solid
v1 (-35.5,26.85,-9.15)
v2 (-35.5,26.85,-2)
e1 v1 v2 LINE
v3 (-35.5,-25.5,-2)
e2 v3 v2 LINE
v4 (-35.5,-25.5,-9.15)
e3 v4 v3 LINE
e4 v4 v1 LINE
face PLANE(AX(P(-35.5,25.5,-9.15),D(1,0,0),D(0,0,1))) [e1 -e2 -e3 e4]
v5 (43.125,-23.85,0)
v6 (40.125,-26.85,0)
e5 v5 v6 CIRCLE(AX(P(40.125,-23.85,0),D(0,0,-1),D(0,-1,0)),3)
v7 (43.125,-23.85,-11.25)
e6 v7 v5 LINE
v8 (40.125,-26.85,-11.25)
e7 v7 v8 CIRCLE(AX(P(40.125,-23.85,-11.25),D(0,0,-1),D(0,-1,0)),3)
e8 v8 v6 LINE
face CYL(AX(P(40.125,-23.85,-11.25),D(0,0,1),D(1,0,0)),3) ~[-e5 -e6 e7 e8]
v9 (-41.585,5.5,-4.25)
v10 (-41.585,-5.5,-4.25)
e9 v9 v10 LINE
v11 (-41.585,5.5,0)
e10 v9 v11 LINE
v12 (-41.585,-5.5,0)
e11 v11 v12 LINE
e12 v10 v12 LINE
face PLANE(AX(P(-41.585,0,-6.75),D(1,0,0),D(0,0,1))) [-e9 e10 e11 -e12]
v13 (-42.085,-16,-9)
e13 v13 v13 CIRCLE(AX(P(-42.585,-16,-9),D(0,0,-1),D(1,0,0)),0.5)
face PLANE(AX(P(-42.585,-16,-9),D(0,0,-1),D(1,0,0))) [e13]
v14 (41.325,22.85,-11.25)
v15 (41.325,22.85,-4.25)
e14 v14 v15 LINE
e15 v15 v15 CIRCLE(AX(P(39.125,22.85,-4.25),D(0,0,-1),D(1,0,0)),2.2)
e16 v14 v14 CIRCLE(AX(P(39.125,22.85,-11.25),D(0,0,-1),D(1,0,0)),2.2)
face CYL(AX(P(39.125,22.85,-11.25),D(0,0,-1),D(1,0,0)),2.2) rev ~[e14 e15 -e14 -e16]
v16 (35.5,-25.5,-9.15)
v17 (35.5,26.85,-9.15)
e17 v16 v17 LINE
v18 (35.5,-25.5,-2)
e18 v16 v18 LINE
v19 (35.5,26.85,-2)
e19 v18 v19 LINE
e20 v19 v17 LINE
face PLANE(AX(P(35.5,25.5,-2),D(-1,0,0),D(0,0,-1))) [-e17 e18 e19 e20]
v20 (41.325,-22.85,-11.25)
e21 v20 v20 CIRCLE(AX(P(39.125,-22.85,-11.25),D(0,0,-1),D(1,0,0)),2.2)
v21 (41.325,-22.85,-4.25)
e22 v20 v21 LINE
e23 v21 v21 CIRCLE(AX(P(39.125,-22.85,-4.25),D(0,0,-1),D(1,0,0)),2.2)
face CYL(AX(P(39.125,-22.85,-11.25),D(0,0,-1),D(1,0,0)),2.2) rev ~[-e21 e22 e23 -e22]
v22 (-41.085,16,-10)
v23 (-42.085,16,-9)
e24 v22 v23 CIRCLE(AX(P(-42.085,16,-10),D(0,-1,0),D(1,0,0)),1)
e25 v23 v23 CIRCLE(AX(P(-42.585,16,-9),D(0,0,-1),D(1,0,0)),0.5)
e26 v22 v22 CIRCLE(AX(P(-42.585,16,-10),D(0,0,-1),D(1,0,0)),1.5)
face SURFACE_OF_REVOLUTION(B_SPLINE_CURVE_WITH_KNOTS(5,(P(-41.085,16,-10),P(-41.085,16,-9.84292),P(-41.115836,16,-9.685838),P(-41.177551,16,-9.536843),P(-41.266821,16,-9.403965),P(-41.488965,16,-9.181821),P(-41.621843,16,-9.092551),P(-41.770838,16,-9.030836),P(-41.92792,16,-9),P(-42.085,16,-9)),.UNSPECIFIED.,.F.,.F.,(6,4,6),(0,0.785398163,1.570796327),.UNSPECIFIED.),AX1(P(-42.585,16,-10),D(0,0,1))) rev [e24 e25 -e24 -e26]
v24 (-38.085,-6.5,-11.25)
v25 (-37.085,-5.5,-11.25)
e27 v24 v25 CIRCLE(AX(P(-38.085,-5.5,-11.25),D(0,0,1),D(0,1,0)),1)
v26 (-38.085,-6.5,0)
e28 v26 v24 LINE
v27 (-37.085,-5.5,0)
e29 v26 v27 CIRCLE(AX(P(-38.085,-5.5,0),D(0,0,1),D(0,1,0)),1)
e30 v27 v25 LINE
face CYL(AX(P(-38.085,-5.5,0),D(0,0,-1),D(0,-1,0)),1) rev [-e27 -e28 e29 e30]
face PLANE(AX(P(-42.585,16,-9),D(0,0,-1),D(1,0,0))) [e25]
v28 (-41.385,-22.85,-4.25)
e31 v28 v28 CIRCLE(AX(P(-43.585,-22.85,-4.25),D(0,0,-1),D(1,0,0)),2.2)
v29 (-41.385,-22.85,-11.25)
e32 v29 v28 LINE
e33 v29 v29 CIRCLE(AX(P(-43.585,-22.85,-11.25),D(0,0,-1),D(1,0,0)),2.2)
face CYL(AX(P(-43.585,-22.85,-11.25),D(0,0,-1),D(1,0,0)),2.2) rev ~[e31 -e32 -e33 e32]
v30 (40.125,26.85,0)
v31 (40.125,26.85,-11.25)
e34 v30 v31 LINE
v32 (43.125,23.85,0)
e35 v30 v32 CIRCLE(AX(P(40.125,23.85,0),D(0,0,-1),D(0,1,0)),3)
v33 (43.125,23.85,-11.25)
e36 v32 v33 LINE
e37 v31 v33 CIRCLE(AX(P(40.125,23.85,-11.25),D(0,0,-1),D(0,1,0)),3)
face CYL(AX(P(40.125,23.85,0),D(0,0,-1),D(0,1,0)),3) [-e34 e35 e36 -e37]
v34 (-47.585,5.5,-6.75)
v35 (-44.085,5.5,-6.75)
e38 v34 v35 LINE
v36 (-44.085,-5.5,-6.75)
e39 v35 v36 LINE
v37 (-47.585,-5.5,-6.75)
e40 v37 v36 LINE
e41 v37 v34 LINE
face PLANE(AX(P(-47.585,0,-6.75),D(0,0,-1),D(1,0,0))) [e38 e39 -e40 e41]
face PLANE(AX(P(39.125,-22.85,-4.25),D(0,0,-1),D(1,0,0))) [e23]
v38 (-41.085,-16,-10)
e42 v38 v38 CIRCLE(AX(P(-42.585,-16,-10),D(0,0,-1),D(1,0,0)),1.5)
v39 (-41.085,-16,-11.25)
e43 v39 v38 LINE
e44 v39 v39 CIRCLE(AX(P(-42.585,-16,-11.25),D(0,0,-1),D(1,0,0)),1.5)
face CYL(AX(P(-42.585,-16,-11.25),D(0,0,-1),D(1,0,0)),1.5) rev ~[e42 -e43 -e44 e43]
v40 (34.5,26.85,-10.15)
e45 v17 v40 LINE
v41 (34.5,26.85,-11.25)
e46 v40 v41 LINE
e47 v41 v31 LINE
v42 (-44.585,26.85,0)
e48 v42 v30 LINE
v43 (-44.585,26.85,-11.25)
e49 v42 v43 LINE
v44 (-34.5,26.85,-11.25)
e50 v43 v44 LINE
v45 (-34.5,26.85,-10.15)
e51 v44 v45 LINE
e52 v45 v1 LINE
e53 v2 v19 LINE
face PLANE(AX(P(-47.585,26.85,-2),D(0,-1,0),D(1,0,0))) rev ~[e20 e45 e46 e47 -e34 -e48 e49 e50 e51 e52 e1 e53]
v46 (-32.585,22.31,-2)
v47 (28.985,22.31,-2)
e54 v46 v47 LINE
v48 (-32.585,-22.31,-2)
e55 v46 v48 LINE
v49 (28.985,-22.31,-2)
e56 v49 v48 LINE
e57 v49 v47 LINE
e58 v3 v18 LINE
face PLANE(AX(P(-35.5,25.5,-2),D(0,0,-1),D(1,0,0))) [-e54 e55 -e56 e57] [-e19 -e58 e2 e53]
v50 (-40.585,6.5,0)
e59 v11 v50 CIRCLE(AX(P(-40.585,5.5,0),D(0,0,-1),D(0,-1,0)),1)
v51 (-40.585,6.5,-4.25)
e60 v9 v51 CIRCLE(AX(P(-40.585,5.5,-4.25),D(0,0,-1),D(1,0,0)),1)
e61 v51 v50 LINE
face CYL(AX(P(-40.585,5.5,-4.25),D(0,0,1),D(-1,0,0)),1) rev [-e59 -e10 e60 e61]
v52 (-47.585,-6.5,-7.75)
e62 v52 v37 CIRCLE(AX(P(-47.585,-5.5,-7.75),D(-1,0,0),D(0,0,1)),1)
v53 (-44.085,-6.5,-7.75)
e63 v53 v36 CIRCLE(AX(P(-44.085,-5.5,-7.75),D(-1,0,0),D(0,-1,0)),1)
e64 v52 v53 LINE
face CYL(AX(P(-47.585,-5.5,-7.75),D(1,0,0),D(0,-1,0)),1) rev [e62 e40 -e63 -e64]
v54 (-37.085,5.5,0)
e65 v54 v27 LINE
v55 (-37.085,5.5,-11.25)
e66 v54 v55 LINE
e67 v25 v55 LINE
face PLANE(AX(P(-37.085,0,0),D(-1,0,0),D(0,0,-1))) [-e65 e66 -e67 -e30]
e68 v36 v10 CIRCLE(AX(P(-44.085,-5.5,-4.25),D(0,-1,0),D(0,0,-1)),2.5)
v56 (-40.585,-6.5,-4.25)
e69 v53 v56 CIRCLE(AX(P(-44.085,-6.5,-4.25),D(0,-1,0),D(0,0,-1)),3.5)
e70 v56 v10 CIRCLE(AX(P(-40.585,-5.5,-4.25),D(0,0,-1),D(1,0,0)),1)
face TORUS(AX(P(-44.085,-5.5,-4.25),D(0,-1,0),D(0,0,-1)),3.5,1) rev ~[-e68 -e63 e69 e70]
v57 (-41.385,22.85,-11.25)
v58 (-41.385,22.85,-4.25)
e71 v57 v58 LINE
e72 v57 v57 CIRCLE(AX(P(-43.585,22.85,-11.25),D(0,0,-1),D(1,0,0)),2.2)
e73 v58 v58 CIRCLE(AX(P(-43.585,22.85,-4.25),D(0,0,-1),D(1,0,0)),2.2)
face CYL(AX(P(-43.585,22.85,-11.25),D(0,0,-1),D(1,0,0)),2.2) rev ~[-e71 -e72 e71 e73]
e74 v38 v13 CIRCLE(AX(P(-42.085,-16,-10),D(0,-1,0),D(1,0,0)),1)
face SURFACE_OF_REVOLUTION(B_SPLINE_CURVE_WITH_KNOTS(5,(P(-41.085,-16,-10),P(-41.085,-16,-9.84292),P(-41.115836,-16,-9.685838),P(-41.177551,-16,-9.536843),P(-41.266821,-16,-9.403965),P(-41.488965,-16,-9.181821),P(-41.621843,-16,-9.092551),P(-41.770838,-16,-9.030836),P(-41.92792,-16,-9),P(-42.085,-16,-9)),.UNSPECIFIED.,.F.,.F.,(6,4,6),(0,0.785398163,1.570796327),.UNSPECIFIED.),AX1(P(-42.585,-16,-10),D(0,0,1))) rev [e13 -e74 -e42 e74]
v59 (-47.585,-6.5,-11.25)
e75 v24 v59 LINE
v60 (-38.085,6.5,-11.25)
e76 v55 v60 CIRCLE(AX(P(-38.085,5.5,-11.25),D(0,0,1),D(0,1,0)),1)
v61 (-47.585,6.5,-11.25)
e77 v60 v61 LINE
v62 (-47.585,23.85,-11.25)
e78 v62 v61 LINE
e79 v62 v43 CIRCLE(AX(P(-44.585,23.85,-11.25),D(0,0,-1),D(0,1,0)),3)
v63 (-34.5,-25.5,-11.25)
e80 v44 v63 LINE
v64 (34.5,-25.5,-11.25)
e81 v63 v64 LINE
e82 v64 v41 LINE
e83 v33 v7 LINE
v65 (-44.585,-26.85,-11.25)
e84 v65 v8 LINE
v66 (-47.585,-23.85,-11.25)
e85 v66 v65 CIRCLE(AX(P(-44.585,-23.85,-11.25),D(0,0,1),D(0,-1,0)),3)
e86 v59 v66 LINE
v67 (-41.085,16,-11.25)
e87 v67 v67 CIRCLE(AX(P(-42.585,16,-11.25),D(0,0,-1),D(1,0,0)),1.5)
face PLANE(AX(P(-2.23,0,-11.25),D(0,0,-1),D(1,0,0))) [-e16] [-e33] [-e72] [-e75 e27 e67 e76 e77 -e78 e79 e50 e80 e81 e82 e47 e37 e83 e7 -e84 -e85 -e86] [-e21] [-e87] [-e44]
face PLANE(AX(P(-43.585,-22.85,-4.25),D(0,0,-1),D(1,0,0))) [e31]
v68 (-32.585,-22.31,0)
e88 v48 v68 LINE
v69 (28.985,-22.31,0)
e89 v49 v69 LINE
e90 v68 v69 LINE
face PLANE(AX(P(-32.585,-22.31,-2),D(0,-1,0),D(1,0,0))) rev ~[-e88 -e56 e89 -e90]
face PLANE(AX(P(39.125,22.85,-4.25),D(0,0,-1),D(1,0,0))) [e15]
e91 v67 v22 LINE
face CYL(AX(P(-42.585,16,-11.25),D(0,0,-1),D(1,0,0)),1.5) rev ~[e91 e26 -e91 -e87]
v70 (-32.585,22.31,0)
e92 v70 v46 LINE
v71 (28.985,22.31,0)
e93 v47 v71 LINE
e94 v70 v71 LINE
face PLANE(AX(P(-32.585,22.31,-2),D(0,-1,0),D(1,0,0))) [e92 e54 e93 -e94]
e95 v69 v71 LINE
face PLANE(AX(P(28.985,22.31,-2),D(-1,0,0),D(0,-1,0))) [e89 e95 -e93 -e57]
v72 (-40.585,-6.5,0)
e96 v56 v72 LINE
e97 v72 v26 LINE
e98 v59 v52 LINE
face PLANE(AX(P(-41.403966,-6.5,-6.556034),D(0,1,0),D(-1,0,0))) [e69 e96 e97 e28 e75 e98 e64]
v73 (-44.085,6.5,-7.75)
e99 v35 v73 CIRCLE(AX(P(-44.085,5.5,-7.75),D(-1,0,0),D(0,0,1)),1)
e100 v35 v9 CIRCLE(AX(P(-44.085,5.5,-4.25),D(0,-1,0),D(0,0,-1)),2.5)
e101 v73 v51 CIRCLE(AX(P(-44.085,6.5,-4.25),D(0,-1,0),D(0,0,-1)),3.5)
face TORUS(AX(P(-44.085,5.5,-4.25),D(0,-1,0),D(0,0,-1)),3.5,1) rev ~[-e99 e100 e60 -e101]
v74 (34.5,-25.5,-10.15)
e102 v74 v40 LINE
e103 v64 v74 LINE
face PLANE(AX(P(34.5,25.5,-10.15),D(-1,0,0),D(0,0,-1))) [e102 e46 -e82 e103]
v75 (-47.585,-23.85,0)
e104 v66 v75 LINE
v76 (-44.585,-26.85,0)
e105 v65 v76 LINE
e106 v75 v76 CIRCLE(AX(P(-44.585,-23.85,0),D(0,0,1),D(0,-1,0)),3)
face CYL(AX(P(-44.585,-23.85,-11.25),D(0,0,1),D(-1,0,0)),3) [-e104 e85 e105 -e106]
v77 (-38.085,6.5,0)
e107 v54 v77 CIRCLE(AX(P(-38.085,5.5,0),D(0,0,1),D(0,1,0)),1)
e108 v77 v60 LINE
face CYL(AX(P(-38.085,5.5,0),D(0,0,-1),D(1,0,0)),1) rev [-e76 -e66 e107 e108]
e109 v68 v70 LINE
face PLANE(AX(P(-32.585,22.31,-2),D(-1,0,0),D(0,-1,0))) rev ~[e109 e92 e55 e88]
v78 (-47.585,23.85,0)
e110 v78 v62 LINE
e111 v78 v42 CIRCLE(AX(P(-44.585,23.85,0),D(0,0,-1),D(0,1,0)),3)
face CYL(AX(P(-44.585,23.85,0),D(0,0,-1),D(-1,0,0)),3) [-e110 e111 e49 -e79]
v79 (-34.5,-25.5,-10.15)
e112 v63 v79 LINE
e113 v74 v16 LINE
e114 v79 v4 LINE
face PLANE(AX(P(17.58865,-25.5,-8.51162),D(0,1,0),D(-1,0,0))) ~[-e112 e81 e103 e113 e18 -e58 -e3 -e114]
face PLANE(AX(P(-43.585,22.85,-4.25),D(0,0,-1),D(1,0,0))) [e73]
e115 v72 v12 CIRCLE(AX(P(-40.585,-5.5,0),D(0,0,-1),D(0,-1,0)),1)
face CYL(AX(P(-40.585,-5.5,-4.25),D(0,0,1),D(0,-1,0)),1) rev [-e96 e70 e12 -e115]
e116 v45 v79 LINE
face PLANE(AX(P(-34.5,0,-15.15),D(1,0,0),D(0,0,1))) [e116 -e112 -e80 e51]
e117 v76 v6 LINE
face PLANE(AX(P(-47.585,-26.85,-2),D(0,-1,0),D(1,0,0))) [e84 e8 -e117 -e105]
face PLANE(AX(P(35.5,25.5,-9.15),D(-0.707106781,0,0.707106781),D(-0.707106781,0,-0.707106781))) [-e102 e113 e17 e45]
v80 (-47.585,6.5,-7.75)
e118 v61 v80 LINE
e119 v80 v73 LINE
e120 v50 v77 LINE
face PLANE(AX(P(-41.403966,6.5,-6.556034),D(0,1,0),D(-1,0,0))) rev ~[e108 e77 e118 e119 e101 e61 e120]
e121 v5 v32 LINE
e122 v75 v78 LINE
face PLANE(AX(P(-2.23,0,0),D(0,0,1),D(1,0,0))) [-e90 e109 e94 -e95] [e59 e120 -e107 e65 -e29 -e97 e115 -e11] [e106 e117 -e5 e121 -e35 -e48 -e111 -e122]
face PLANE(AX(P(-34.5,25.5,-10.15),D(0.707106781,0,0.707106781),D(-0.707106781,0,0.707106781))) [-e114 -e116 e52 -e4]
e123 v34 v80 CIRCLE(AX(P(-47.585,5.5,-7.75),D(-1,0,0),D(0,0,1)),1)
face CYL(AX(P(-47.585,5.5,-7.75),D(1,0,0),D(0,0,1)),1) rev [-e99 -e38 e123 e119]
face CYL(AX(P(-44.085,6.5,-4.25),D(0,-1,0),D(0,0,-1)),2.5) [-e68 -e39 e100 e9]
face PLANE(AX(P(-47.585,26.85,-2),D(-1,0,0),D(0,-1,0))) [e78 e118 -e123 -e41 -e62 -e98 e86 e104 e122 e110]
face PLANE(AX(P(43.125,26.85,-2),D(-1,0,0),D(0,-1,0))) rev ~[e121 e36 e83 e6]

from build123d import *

# Parameters (mm, degrees)
SKETCH001_W     = 90.71
SKETCH001_H     = 53.7
PAD_DEPTH       = 2
SKETCH002_W     = 61.57
SKETCH002_H     = 44.62
POCKET_DEPTH    = 2.001
SKETCH004_W     = 90.71
SKETCH004_H     = 53.7
SKETCH004_W_2   = 61.57
SKETCH004_H_2   = 44.62
PAD001_DEPTH    = 9.25
POCKET001_DEPTH = 25.5
POCKET002_DEPTH = 1.351
FILLET_R        = 3
SKETCH006_R     = 2.2
HOLE_DEPTH      = 7
POCKET007_DEPTH = 6.5
FILLET002_R     = 2.5
FILLET003_R     = 1
SKETCH014_R     = 1.5
POCKET008_DEPTH = 2.25
FILLET004_R     = 1


with BuildPart() as part:
    # Sketch001 → Pad (new body)
    with BuildSketch(Plane.XY):
        with Locations((-2.23, 0)):
            Rectangle(SKETCH001_W, SKETCH001_H)
    extrude(amount=-PAD_DEPTH)

    # Sketch002 (on Face5 of Pad) → Pocket (cut, through all)
    with BuildSketch(Plane.XY):
        with Locations((-1.8, 0)):
            Rectangle(SKETCH002_W, SKETCH002_H)
    extrude(amount=-POCKET_DEPTH, mode=Mode.SUBTRACT)

    # Sketch004 (on Face5 of Pocket) → Pad001 (join)
    with BuildSketch(Plane(origin=(0, 0, -2), x_dir=(1, 0, 0), z_dir=(0, 0, -1))):
        with Locations((-2.23, 0)):
            Rectangle(SKETCH004_W, SKETCH004_H)
        with Locations((-1.8, 0)):
            Rectangle(SKETCH004_W_2, SKETCH004_H_2, mode=Mode.SUBTRACT)
    extrude(amount=PAD001_DEPTH)

    # Sketch003 → Pocket001 (cut, symmetric)
    with BuildSketch(Plane.XZ):
        Polygon((-34.5, -15.15), (-34.5, -10.15), (-35.5, -9.15), (-35.5, -2), (0, -2), (0, -15.15), align=None)
    pocket001 = extrude(amount=POCKET001_DEPTH, both=True, mode=Mode.SUBTRACT)

    # Mirrored: Pocket001 across YZ
    add(pocket001.mirror(Plane.YZ), mode=Mode.SUBTRACT)

    # Sketch005 (on Face20 of Mirrored) → Pocket002 (cut, through all)
    with BuildSketch(Plane.XZ.offset(-25.5)):
        Polygon((-34.5, -11.25), (-34.5, -10.15), (-35.5, -9.15), (-35.5, -2), (35.5, -2), (35.5, -9.15), (34.5, -10.15), (34.5, -11.25), align=None)
    extrude(amount=-POCKET002_DEPTH, mode=Mode.SUBTRACT)

    # Fillet
    fillet_edges = [part.edges().sort_by_distance(p)[0] for p in [
        (43.125, 26.85, -1),
        (43.125, 26.85, -6.625),
        (43.125, -26.85, -1),
        (43.125, -26.85, -6.625),
        (-47.585, -26.85, -1),
        (-47.585, -26.85, -6.625),
        (-47.585, 26.85, -1),
        (-47.585, 26.85, -6.625),
    ]]
    fillet(fillet_edges, radius=FILLET_R)

    # Sketch006 (on Face17 of Fillet) → Hole (cut)
    with BuildSketch(Plane(origin=(0, 0, -11.25), x_dir=(1, 0, 0), z_dir=(0, 0, -1))):
        with Locations((-43.585, 22.85)):
            Circle(SKETCH006_R)
        with Locations((-43.585, -22.85)):
            Circle(SKETCH006_R)
        with Locations((39.125, -22.85)):
            Circle(SKETCH006_R)
        with Locations((39.125, 22.85)):
            Circle(SKETCH006_R)
        with Locations((-43.585, 22.85)):
            Circle(SKETCH006_R)
        with Locations((-43.585, -22.85)):
            Circle(SKETCH006_R)
        with Locations((39.125, 22.85)):
            Circle(SKETCH006_R)
        with Locations((39.125, -22.85)):
            Circle(SKETCH006_R)
    extrude(amount=-HOLE_DEPTH, mode=Mode.SUBTRACT)

    # Sketch011 → Pocket007 (cut, symmetric)
    with BuildSketch(Plane.XZ):
        Polygon((-37.085, 0), (-37.085, -11.25), (-47.585, -11.25), (-47.585, -6.75), (-41.585, -6.75), (-41.585, 0), align=None)
    extrude(amount=POCKET007_DEPTH, both=True, mode=Mode.SUBTRACT)

    # Fillet002
    fillet002_edges = [part.edges().sort_by_distance(p)[0] for p in [
        (-41.585, 0, -6.75),
    ]]
    fillet(fillet002_edges, radius=FILLET002_R)

    # Fillet003
    fillet003_edges = [part.edges().sort_by_distance(p)[0] for p in [
        (-41.585, -6.5, -2.125),
        (-37.085, -6.5, -5.625),
        (-37.085, 6.5, -5.625),
        (-41.585, 6.5, -2.125),
    ]]
    fillet(fillet003_edges, radius=FILLET003_R)

    # Sketch014 (on Face4 of Fillet003) → Pocket008 (cut)
    with BuildSketch(Plane(origin=(0, 0, -11.25), x_dir=(1, 0, 0), z_dir=(0, 0, -1))):
        with Locations((-42.585, 16)):
            Circle(SKETCH014_R)
        with Locations((-42.585, -16)):
            Circle(SKETCH014_R)
    extrude(amount=-POCKET008_DEPTH, mode=Mode.SUBTRACT)

    # Fillet004
    fillet004_edges = [part.edges().sort_by_distance(p)[0] for p in [
        (-44.085, -16, -9),
        (-44.085, 16, -9),
    ]]
    fillet(fillet004_edges, radius=FILLET004_R)


solid = part.part
